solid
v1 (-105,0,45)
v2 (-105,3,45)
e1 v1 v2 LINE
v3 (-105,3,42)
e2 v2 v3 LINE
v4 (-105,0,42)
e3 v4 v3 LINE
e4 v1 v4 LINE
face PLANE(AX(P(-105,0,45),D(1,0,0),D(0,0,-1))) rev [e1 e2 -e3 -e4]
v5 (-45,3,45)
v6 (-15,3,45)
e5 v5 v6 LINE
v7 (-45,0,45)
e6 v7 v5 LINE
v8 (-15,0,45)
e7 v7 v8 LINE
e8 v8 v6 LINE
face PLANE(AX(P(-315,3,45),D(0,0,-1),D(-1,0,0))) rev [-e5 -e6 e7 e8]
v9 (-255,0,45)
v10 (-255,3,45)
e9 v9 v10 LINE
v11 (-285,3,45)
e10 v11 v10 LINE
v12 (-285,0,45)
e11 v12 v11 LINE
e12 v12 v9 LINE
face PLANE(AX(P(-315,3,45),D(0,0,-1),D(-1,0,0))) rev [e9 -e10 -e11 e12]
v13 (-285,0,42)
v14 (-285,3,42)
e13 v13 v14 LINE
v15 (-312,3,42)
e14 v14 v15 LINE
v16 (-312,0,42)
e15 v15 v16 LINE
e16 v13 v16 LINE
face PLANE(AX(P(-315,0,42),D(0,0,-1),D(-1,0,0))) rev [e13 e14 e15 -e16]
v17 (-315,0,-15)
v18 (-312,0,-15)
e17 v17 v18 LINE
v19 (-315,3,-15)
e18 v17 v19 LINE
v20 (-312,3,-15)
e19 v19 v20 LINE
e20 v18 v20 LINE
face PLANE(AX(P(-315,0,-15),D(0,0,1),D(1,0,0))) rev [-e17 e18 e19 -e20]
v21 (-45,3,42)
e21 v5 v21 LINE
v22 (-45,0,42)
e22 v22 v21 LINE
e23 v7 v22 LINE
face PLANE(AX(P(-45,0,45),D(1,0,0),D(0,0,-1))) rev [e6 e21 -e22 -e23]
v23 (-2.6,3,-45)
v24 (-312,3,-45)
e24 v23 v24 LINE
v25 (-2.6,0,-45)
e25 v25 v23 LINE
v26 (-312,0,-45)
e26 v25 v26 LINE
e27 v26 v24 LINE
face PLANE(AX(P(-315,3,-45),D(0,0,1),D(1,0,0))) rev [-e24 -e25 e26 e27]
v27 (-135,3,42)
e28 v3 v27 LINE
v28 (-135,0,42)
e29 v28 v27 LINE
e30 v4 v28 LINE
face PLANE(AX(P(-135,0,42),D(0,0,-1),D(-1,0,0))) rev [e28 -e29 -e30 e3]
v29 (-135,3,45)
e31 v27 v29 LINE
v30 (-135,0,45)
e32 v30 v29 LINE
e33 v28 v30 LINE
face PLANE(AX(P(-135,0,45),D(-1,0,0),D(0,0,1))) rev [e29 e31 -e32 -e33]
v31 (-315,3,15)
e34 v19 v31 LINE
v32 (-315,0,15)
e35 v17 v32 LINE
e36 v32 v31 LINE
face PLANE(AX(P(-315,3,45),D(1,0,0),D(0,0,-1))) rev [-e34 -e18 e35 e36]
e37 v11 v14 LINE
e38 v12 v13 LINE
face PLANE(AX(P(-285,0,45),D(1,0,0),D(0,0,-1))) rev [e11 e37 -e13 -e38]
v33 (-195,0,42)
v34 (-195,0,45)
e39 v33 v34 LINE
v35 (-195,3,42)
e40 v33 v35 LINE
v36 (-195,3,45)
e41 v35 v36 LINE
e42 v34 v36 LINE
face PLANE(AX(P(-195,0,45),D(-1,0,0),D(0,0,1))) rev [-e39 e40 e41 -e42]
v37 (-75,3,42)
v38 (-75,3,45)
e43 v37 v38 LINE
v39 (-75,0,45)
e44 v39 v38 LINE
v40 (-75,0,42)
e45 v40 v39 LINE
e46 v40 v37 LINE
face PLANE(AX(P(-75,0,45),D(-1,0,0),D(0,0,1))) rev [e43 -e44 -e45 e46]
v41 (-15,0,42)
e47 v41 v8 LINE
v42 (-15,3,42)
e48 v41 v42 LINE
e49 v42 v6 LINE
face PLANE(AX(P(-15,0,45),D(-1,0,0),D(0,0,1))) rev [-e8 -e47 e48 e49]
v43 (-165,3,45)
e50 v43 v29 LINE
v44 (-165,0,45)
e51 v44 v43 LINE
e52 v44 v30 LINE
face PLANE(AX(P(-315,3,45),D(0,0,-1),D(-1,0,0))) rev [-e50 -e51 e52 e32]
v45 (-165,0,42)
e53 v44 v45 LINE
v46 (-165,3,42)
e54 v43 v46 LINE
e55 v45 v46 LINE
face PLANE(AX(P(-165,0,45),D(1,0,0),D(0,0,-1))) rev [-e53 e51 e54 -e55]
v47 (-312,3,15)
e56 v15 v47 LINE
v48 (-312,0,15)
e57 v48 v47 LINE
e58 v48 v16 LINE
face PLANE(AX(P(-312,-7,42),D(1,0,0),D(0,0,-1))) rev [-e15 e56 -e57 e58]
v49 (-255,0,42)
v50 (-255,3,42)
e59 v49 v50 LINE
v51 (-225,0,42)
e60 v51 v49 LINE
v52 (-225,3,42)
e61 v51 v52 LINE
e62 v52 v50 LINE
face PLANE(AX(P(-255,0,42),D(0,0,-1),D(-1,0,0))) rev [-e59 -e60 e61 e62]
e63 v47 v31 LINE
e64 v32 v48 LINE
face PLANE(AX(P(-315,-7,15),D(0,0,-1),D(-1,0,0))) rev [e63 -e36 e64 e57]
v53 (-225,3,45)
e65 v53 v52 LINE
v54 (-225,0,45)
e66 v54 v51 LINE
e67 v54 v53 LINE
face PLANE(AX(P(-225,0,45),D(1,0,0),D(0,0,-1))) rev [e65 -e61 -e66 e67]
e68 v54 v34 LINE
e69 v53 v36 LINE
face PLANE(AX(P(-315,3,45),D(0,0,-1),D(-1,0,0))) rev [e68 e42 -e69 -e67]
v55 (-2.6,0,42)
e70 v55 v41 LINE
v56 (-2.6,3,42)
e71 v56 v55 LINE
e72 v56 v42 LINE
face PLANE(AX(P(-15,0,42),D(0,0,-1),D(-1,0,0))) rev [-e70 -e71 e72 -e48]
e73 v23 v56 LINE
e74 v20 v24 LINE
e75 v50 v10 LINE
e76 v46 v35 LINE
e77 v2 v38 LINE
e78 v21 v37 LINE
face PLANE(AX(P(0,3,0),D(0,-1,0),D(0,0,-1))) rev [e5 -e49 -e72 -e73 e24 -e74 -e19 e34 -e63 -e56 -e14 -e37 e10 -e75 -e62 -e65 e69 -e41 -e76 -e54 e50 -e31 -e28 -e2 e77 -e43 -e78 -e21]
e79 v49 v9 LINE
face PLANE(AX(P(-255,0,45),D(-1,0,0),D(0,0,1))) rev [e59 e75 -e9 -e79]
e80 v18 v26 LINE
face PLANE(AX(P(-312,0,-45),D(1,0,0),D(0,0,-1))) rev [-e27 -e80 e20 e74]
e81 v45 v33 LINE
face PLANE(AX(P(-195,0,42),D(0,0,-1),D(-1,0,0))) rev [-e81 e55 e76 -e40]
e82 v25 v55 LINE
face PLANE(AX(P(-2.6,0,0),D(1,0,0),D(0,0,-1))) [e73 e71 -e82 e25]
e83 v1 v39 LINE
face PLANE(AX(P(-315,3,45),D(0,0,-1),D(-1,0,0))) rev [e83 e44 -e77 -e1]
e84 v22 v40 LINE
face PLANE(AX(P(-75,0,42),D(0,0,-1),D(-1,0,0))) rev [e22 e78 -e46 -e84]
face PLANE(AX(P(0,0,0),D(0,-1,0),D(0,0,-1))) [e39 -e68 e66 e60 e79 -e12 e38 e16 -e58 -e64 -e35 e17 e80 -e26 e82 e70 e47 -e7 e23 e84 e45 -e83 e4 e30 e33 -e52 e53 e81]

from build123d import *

# Parameters (mm, degrees)
SKETCH1_W           = 630
SKETCH1_H           = 90
BOSS_EXTRUDE1_DEPTH = 3
SKETCH3_W           = 30
SKETCH3_H           = 3
CUT_EXTRUDE1_DEPTH  = 3
LPATTERN1_COUNT     = 10
LPATTERN1_PITCH     = 60
LPATTERN1_COL_COUNT = 2
LPATTERN1_COL_PITCH = 60
SKETCH7_W           = 3
SKETCH7_H           = 30
CUT_EXTRUDE3_DEPTH  = 3
SKETCH13_W          = 3
SKETCH13_H          = 27
CUT_EXTRUDE4_DEPTH  = 10


with BuildPart() as part:
    # Sketch1 → Boss-Extrude1 (new body)
    with BuildSketch(Plane(origin=(0, 0, 0), x_dir=(1, 0, 0), z_dir=(0, 1, 0))):
        Rectangle(SKETCH1_W, SKETCH1_H)
    extrude(amount=BOSS_EXTRUDE1_DEPTH)

    # Sketch3 → Cut-Extrude1 (cut)
    with BuildSketch(Plane(origin=(0, 3, 0), x_dir=(1, 0, 0), z_dir=(0, 1, 0))):
        with Locations((-240, -43.5)):
            Rectangle(SKETCH3_W, SKETCH3_H)
    cut_extrude1 = extrude(amount=-CUT_EXTRUDE1_DEPTH, mode=Mode.SUBTRACT)

    # LPattern1: Cut-Extrude1 ×10
    with Locations(*[(i * LPATTERN1_PITCH, 0, 0) for i in range(1, LPATTERN1_COUNT)]):
        add(cut_extrude1, mode=Mode.SUBTRACT)

    # LPattern1 col: Cut-Extrude1 ×2
    with Locations(*[(-i * LPATTERN1_COL_PITCH, 0, 0) for i in range(1, LPATTERN1_COL_COUNT)]):
        add(cut_extrude1, mode=Mode.SUBTRACT)

    # Sketch7 → Cut-Extrude3 (cut)
    with BuildSketch(Plane(origin=(0, 3, 0), x_dir=(1, 0, 0), z_dir=(0, 1, 0))):
        with Locations((-313.5, 30)):
            Rectangle(SKETCH7_W, SKETCH7_H)
    extrude(amount=-CUT_EXTRUDE3_DEPTH, mode=Mode.SUBTRACT)

    # Sketch13 → Cut-Extrude4 (cut)
    with BuildSketch(Plane(origin=(0, 3, 0), x_dir=(1, 0, 0), z_dir=(0, 1, 0))):
        with Locations((-313.5, -28.5)):
            Rectangle(SKETCH13_W, SKETCH13_H)
    extrude(amount=-CUT_EXTRUDE4_DEPTH, mode=Mode.SUBTRACT)

    # SurfaceCut1
    split(bisect_by=Plane(origin=(-2.6, 0, 0), x_dir=(0, 0, -1), z_dir=(1, 0, 0)), keep=Keep.BOTTOM)


solid = part.part
